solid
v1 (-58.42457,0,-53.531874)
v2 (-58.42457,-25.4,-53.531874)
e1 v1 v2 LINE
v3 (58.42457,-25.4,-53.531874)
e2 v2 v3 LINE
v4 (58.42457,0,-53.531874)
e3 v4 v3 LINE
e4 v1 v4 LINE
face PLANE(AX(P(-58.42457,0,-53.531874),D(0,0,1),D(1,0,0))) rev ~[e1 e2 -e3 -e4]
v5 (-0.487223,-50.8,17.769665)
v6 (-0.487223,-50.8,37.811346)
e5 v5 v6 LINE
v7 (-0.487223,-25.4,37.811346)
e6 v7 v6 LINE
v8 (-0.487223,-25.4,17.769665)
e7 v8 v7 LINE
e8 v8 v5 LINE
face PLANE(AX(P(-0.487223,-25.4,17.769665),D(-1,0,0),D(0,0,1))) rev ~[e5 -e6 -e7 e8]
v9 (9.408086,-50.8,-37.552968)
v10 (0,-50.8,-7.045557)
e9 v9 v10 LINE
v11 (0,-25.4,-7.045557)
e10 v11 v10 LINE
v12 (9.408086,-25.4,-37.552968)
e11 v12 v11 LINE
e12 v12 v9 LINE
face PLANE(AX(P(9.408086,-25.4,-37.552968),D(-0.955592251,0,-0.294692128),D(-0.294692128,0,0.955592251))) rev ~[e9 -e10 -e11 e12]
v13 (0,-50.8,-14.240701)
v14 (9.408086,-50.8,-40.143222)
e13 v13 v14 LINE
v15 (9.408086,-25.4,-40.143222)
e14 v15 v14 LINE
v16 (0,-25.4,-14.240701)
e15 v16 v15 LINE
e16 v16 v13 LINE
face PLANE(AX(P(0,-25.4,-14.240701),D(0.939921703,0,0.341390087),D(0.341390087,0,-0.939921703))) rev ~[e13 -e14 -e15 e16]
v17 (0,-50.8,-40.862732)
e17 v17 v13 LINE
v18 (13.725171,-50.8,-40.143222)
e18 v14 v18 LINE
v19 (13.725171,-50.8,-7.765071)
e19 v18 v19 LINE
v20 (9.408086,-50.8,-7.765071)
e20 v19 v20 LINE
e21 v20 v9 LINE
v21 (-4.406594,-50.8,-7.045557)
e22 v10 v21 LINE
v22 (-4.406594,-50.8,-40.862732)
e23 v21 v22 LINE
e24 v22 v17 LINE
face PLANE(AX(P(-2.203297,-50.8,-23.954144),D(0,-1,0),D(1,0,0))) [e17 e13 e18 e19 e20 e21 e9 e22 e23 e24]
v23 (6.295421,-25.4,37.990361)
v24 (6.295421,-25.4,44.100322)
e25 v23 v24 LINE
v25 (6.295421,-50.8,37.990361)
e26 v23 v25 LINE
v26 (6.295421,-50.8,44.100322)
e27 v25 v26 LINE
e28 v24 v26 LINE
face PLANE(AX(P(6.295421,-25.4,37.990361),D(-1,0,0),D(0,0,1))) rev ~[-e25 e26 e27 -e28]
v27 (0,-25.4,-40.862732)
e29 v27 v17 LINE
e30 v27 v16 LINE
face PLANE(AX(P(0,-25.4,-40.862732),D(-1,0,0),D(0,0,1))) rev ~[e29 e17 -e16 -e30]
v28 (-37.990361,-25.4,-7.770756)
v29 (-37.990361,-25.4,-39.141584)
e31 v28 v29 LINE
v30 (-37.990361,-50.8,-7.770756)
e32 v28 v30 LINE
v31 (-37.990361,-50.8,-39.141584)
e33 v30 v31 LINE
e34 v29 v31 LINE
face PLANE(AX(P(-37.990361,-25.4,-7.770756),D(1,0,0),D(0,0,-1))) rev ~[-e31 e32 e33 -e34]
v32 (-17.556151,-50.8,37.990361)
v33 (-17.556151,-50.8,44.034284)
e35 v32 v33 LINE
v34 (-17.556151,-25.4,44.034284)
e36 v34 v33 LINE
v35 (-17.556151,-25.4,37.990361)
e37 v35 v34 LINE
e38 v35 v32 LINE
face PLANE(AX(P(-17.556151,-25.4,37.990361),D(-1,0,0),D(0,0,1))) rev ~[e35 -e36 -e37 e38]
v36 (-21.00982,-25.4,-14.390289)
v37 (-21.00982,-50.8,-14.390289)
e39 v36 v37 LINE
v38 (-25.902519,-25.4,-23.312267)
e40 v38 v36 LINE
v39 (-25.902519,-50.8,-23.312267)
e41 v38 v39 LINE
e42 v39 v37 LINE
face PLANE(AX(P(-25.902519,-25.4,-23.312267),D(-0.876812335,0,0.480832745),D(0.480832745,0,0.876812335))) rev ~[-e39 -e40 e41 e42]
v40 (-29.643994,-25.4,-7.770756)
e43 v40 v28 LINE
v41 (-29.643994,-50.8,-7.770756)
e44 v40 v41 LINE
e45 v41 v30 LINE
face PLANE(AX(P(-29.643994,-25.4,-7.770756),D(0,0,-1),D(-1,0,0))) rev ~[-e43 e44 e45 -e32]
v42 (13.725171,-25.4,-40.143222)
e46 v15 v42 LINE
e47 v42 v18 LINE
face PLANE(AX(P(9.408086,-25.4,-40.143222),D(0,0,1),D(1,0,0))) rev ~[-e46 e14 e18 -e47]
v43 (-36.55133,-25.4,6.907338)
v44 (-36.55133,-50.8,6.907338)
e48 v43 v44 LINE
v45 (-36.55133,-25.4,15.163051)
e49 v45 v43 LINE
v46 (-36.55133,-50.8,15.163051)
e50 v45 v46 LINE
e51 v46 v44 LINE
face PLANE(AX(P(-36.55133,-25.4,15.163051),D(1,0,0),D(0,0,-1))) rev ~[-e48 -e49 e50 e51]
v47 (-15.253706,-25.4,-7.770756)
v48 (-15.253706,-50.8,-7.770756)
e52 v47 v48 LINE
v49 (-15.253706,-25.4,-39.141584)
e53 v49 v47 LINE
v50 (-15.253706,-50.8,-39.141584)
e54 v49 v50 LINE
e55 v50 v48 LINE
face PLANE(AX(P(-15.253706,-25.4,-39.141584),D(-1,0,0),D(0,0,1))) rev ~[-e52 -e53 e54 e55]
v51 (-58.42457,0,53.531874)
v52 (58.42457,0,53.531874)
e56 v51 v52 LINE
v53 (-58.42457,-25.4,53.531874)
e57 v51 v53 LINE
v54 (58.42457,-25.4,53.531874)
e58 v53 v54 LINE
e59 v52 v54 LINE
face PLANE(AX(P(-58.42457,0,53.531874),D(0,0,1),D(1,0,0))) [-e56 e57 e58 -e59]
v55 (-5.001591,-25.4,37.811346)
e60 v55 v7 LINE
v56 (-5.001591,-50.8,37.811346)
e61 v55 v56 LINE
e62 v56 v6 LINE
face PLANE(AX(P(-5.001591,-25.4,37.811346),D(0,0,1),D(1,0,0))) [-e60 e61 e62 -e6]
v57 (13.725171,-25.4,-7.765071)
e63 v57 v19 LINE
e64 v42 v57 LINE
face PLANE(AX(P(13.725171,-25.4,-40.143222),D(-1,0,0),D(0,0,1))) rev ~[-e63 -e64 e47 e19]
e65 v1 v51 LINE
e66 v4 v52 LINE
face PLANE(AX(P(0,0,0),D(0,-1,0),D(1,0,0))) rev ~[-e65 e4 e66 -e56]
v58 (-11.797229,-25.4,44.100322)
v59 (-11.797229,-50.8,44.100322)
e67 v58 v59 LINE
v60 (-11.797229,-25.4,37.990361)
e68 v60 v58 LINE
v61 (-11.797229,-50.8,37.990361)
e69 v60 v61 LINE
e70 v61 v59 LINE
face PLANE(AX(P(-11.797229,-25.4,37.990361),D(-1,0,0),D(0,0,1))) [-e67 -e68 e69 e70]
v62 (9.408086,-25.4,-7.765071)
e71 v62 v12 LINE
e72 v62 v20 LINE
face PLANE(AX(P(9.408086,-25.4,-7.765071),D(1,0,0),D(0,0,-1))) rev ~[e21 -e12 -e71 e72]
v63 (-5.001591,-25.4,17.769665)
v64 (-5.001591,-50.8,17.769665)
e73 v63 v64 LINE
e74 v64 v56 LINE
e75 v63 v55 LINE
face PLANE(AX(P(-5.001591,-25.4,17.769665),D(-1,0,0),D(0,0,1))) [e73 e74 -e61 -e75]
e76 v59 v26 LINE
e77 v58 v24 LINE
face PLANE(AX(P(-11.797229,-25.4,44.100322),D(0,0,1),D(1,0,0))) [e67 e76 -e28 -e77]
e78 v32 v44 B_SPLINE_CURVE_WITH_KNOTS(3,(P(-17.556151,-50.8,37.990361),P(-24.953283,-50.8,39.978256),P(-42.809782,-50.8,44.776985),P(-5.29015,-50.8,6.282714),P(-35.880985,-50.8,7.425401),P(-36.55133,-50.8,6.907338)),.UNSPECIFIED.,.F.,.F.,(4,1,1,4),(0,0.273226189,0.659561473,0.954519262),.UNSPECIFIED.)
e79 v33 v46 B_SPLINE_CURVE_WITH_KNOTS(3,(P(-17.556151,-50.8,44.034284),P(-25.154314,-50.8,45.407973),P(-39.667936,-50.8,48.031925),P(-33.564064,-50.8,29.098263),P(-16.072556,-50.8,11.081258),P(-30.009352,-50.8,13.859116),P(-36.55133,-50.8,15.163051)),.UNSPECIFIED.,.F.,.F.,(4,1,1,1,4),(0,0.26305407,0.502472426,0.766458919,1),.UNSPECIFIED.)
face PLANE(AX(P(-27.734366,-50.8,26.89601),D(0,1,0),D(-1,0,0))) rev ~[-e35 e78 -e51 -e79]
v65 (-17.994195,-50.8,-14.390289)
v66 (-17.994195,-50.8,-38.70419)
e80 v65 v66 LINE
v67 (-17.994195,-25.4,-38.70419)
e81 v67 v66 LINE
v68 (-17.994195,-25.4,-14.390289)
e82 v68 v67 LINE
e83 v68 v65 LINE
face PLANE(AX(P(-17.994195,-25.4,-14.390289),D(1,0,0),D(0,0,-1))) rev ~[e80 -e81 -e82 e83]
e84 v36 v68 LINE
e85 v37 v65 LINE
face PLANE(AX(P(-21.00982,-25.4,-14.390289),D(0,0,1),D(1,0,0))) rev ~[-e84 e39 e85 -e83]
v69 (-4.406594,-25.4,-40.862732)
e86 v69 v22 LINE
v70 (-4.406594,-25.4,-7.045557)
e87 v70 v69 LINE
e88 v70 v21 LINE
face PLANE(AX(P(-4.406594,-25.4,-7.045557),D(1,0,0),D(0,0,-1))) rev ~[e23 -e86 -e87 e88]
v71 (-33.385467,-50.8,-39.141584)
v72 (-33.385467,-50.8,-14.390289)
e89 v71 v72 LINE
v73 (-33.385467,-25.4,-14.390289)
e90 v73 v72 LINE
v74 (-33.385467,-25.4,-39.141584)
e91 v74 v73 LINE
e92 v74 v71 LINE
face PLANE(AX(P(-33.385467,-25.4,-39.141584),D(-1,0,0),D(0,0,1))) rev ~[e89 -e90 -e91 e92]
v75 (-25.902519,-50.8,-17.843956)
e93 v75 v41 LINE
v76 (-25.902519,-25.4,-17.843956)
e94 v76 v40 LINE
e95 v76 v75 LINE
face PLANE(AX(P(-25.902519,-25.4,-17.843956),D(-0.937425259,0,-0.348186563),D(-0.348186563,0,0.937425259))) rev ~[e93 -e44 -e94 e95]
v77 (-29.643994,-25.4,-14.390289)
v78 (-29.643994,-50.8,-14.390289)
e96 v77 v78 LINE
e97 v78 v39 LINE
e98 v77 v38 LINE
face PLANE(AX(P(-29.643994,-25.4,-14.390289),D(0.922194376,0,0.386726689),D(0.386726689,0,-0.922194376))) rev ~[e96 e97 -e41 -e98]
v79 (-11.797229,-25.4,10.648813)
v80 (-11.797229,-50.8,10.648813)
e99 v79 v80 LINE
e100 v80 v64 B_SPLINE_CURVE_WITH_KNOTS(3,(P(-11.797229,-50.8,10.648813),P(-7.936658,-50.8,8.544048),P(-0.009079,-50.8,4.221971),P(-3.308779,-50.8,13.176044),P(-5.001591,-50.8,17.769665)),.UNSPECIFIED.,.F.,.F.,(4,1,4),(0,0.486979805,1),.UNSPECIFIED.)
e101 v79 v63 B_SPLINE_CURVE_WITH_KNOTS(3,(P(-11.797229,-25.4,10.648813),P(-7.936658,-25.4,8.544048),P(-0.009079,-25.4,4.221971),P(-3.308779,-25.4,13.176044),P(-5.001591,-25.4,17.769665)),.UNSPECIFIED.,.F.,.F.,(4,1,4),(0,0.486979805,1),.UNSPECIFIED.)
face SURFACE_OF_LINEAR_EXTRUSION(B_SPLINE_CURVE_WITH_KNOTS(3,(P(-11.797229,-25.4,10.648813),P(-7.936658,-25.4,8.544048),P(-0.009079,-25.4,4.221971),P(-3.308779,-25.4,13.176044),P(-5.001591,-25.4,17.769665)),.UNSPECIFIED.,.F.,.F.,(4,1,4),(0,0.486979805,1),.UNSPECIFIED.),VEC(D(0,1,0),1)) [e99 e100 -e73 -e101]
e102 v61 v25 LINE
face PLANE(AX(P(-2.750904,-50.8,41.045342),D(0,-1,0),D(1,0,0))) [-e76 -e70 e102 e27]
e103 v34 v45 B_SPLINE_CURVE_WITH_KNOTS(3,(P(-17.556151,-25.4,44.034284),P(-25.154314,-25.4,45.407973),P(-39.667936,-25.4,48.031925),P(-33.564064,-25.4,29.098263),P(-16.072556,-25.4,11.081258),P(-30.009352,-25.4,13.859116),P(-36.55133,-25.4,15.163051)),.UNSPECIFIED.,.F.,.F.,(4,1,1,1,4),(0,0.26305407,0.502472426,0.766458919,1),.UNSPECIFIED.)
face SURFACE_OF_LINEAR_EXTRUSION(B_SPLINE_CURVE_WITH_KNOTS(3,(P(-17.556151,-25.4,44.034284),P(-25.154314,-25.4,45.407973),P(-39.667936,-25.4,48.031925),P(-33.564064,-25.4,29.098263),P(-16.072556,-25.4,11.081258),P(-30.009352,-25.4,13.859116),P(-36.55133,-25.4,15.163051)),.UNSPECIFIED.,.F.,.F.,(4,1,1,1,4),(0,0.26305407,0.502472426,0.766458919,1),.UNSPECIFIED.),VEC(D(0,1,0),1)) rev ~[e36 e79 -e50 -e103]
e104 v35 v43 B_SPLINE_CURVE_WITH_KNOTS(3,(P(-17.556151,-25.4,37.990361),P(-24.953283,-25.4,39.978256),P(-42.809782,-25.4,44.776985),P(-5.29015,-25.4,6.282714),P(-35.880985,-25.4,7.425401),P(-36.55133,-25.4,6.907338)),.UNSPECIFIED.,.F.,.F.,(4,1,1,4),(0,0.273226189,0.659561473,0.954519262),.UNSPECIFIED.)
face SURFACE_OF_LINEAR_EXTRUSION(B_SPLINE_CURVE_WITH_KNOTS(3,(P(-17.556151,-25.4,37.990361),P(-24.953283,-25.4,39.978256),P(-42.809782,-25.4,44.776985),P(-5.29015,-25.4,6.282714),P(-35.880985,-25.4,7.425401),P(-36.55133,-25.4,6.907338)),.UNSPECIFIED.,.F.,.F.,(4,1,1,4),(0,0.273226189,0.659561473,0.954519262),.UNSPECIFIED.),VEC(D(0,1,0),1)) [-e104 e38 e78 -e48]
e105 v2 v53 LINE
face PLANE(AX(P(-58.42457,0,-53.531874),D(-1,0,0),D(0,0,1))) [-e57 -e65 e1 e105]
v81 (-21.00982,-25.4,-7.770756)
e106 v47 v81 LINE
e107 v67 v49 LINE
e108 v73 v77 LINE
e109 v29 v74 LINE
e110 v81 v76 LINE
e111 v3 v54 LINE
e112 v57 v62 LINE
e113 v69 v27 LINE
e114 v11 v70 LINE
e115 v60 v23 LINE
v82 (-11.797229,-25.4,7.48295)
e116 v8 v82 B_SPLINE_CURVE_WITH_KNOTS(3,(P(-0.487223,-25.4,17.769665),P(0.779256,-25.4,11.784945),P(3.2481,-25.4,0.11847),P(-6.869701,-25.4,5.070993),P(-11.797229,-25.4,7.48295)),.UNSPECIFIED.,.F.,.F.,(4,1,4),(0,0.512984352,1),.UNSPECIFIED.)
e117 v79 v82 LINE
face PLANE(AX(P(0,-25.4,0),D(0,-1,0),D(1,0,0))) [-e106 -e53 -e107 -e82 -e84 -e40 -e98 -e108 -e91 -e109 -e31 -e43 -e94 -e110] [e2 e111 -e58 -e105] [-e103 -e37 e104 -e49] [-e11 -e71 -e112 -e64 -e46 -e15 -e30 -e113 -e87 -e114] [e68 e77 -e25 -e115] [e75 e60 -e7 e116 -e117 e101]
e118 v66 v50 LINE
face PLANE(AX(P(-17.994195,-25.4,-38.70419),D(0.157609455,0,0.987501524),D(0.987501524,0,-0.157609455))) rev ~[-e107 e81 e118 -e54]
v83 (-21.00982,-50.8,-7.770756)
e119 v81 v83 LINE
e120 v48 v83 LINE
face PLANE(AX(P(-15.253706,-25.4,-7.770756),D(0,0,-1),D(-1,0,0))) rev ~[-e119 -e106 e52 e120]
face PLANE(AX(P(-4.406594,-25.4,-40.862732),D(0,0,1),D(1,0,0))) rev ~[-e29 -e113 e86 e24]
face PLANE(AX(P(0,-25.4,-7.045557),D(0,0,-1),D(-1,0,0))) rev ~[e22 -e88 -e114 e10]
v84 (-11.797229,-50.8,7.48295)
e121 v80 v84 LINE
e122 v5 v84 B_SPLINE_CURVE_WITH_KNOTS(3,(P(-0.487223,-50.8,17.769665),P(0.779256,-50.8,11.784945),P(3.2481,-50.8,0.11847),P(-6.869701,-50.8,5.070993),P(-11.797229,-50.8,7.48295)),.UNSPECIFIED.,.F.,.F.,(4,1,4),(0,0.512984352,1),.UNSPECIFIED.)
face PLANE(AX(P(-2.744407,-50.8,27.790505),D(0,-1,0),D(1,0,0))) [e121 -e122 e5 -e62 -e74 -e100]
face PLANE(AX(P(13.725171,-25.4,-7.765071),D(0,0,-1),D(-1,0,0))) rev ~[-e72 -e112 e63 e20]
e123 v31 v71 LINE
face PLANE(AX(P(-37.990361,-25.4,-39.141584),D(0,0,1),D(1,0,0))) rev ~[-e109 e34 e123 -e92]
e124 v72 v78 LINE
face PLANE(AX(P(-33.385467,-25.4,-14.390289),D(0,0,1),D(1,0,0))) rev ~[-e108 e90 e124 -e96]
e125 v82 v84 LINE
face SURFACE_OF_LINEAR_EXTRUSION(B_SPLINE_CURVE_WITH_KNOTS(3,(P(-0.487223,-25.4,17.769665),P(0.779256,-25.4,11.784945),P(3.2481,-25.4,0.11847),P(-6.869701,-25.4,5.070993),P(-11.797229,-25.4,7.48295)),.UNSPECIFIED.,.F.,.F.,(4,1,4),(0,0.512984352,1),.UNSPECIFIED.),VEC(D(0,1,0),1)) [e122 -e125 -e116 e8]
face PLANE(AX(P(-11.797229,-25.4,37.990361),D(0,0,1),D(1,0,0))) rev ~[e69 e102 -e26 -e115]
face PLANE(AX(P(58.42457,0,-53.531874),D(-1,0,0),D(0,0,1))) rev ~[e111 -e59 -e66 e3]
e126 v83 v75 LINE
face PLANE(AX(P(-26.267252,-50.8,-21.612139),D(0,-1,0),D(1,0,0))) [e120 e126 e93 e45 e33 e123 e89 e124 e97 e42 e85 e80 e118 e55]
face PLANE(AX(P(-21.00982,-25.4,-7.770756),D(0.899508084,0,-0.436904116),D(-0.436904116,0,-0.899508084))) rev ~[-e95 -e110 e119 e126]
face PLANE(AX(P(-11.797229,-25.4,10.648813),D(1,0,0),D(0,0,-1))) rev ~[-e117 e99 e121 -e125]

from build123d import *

# Parameters (mm, degrees)
F0_W     = 116.8491393328
F0_H     = 107.0637479424
F1_DEPTH = 25.4
F3_DEPTH = 25.4
F4_W     = 27.6406439953
F4_H     = 4.6218410134
F4_W_2   = 4.8651071265
F4_H_2   = 17.4579061568
F5_DEPTH = 25.4
F6_W     = 18.0926499888
F6_H     = 6.1099603772
F6_W_2   = 4.5143677853
F6_H_2   = 20.0416818261
F7_DEPTH = 25.4
F9_DEPTH = 25.4


with BuildPart() as f1:
    # F0 (on Front) → F1 (new body)
    with BuildSketch(Plane.XZ):
        Rectangle(F0_W, F0_H)
    extrude(amount=F1_DEPTH)

    # F2 (on face) → F3 (join)
    with BuildSketch(Plane.XZ.offset(25.4)):
        with BuildLine():
            add(Edge.make_bspline(
                [(-17.5561513752, 37.9903614521), (-24.953283017, 39.9782557098), (-42.8097815631, 44.7769848175), (-5.2901499603, 6.2827135922), (-35.8809845375, 7.4254009752), (-36.5513302386, 6.9073382765)],
                knots=[0, 0, 0, 0, 0.2732261888, 0.6595614733, 0.9545192624, 0.9545192624, 0.9545192624, 0.9545192624], degree=3))
            Line((-17.5561513752, 37.9903614521), (-17.5561513752, 44.0342836082))
            add(Edge.make_bspline(
                [(-17.5561513752, 44.0342836082), (-25.1543140232, 45.4079732221), (-39.6679355854, 48.0319248434), (-33.5640639258, 29.0982633355), (-16.0725558292, 11.0812579949), (-30.0093521692, 13.8591155064), (-36.5513302386, 15.1630509645)],
                knots=[0, 0, 0, 0, 0.2630540698, 0.502472426, 0.7664589194, 1, 1, 1, 1], degree=3))
            Line((-36.5513302386, 15.1630509645), (-36.5513302386, 6.9073382765))
        make_face()
    extrude(amount=F3_DEPTH)

    # F4 (on Front) → F5 (join)
    with BuildSketch(Plane.XZ):
        with Locations((2.0862433594, 40.473267436)):
            Rectangle(F4_W, F4_H)
        with BuildLine():
            add(Edge.make_bspline(
                [(2.4325535633, 20.6712316722), (3.4411130615, 16.0815352254), (5.5878055269, 6.3124865987), (-5.9730380011, 6.1934700271), (-12.1023636311, 6.1303698458)],
                knots=[0, 0, 0, 0, 0.4698202069, 1, 1, 1, 1], degree=3))
            Line((2.4325535633, 20.6712316722), (-2.4325535633, 20.6712316722))
            add(Edge.make_bspline(
                [(-12.1023636311, 12.2731719166), (-8.5431457012, 11.5565891098), (-1.4804466234, 10.1346450682), (-2.1168587101, 17.1775630293), (-2.4325535633, 20.6712316722)],
                knots=[0, 0, 0, 0, 0.5039458557, 1, 1, 1, 1], degree=3))
            Line((-12.1023636311, 12.2731719166), (-12.1023636311, 6.1303698458))
        make_face()
        with Locations((0, 29.4001847506)):
            Rectangle(F4_W_2, F4_H_2)
    extrude(amount=F5_DEPTH)

    # F6 (on face) → F7 (join)
    with BuildSketch(Plane.XZ.offset(25.4)):
        with Locations((-2.7509038337, 41.0453416407)):
            Rectangle(F6_W, F6_H)
        with Locations((-2.7444071602, 27.790505439)):
            Rectangle(F6_W_2, F6_H_2)
        with BuildLine():
            Line((-0.4872232676, 17.769664526), (-5.0015910529, 17.769664526))
            add(Edge.make_bspline(
                [(-11.7972288281, 10.6488130987), (-7.936658053, 8.5440484941), (-0.0090792572, 4.2219706922), (-3.3087786344, 13.1760440597), (-5.0015910529, 17.769664526)],
                knots=[0, 0, 0, 0, 0.4869798049, 1, 1, 1, 1], degree=3))
            Line((-11.7972288281, 10.6488130987), (-11.7972288281, 7.4829496443))
            add(Edge.make_bspline(
                [(-0.4872232676, 17.769664526), (0.7792555131, 11.7849451432), (3.2481003716, 0.1184696339), (-6.8697011613, 5.0709931812), (-11.7972288281, 7.4829496443)],
                knots=[0, 0, 0, 0, 0.5129843523, 1, 1, 1, 1], degree=3))
        make_face()
    extrude(amount=F7_DEPTH)

    # F8 (on face) → F9 (join)
    with BuildSketch(Plane.XZ.offset(25.4)):
        Polygon((-29.6439938247, -7.7707557939), (-37.9903614521, -7.7707557939), (-37.9903614521, -39.1415841877), (-33.3854667842, -39.1415841877), (-33.3854667842, -14.3902888522), (-29.6439938247, -14.3902888522), (-25.9025190026, -23.312266916), (-21.0098195821, -14.3902888522), (-17.9941952229, -14.3902888522), (-17.9941952229, -38.7041904032), (-15.2537059039, -39.1415841877), (-15.2537059039, -7.7707557939), (-21.0098195821, -7.7707557939), (-25.9025190026, -17.8439561278), align=None)
        Polygon((0, -14.2407007515), (0, -7.0455572568), (-4.40659374, -7.0455572568), (-4.40659374, -40.8627316356), (0, -40.8627316356), align=None)
        Polygon((9.408085607, -37.5529676676), (0, -7.0455572568), (0, -14.2407007515), (9.408085607, -40.1432216167), align=None)
        Polygon((9.408085607, -7.7650714666), (9.408085607, -37.5529676676), (9.408085607, -40.1432216167), (13.7251708657, -40.1432216167), (13.7251708657, -7.7650714666), align=None)
    extrude(amount=F9_DEPTH)


solid = f1.part
